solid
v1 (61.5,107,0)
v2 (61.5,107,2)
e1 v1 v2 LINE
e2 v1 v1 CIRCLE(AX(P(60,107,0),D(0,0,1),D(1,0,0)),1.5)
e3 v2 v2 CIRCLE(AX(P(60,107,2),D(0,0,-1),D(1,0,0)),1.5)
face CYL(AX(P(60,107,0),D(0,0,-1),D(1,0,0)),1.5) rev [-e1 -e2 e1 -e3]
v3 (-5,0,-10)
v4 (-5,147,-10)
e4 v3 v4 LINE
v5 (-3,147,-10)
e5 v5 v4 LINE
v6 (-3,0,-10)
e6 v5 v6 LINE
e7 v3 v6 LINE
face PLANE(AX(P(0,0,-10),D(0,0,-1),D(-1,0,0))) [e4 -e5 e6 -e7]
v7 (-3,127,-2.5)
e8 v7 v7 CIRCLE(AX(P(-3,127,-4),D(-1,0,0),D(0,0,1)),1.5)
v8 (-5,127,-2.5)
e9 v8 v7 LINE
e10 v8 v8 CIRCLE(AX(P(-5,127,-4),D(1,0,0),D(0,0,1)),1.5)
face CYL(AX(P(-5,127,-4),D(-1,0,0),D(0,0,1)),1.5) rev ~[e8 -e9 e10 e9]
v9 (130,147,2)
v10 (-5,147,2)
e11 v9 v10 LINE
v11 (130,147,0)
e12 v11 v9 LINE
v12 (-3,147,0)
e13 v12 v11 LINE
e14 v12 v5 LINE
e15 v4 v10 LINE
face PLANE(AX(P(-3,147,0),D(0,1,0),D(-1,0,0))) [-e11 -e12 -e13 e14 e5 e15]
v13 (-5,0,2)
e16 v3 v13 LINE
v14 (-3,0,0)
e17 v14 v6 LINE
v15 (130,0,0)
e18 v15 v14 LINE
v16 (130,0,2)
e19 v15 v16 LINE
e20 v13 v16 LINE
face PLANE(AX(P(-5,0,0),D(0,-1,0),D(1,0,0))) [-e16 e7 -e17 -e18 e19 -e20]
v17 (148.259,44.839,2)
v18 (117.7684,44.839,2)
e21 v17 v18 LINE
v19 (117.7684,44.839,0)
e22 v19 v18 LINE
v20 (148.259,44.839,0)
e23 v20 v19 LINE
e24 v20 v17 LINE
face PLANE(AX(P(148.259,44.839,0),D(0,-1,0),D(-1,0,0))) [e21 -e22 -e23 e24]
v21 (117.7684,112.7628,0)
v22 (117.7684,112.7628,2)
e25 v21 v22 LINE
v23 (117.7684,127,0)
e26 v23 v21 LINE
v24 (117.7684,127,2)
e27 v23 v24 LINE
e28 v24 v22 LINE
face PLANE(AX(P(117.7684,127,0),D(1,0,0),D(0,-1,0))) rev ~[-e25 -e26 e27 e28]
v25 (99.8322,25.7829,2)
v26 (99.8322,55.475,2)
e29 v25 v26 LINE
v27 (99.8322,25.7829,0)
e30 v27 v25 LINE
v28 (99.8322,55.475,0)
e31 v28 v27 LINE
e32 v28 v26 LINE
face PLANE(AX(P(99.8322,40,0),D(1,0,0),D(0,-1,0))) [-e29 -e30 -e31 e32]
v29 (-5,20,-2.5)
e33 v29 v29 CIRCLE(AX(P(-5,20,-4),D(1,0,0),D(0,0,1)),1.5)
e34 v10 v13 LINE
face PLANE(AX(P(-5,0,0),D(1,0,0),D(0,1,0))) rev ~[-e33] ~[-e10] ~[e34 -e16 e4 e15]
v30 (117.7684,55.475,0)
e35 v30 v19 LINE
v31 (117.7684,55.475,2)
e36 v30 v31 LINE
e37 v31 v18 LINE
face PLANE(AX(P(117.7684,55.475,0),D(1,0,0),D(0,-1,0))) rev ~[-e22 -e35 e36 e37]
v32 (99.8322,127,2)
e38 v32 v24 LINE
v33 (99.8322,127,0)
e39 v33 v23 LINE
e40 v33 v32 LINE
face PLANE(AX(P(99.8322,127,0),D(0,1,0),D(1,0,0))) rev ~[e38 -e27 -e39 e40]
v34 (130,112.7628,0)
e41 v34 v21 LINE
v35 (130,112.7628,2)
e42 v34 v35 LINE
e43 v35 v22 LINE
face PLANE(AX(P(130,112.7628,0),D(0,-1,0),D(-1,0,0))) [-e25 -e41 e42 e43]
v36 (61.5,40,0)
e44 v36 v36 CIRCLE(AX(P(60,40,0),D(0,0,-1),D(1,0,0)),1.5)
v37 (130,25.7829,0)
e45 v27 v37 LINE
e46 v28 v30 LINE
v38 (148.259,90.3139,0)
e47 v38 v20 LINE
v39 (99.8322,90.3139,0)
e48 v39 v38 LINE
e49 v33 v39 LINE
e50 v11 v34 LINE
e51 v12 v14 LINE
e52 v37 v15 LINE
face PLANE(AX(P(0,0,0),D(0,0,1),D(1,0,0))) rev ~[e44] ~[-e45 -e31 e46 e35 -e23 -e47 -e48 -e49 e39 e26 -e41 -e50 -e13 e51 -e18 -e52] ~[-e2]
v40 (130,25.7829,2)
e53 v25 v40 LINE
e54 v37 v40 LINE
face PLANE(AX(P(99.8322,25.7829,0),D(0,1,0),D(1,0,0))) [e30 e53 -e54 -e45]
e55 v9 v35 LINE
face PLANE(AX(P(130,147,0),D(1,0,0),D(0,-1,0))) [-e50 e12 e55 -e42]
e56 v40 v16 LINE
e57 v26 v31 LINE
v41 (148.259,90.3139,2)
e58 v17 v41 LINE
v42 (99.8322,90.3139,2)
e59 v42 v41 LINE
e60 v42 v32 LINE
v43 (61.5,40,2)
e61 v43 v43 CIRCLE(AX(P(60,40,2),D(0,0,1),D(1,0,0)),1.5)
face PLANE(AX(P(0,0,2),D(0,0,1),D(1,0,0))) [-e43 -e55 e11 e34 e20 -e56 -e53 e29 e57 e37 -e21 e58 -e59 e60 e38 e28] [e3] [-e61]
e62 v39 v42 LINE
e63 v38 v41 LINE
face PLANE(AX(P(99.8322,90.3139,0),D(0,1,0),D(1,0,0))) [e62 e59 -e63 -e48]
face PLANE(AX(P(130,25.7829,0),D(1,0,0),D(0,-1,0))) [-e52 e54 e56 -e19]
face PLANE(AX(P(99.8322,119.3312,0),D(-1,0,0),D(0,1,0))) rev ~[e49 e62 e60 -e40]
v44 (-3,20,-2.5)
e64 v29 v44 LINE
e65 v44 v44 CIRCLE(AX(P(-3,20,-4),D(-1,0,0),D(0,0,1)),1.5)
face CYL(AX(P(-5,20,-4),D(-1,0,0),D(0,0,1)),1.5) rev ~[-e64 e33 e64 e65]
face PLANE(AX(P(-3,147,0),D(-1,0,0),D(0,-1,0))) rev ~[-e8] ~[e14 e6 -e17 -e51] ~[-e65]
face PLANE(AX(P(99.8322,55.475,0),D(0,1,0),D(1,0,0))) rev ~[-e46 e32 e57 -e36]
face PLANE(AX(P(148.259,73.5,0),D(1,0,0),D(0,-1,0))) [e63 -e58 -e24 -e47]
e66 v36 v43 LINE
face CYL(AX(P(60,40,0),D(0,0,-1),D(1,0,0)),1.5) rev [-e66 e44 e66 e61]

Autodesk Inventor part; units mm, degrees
ref_plane "YZ Plane" through (0, 0, 0) normal (1, 0, 0) x (0, 1, 0)
ref_plane "XZ Plane" through (0, 0, 0) normal (0, 1, 0) x (-1, 0, 0)
ref_plane "XY Plane" through (0, 0, 0) normal (0, 0, 1) x (1, 0, 0)
sketch "Sketch1" plane through (0, 0, 0) normal (0, 0, 1) x (1, 0, 0)
  line L0 (0, 0) -> (260, 0)
  line L1 (260, 0) -> (260, 125)
  line L2 (220, 147) -> (0, 147)
  line L3 (0, 147) -> (0, 0)
  circle A0 centre (240, 135) radius 8
  circle A1 centre (240, 135) radius 10
  line L4 (250, 135) -> (250.202, 135)
  line L5 (230, 135) -> (230, 137)
  arc A2 (230, 137) -> (220, 147) centre (220, 137) ccw
  line L6 (260, 147) -> (260, 147)
  line L7 (250, 135) -> (250, 137)
  line L8 (240, 125) -> (260, 125)
  line L9 (0, 73.5) -> (260, 73.5)
  line L10 (130, 112.7628) -> (117.7684, 112.7628)
  line L11 (99.8322, 119.3312) -> (99.8322, 90.3139)
  line L12 (99.8322, 90.3139) -> (148.259, 90.3139)
  line L13 (148.259, 90.3139) -> (148.259, 44.839)
  line L14 (148.259, 44.839) -> (117.7684, 44.839)
  line L15 (99.8322, 44.839) -> (99.8322, 25.7829)
  line L16 (99.8322, 25.7829) -> (130, 25.7829)
  line L17 (99.8322, 119.3312) -> (99.8322, 127)
  line L18 (99.8322, 127) -> (117.7684, 127)
  line L19 (117.7684, 127) -> (117.7684, 112.7628)
  line L20 (99.8322, 44.839) -> (99.8322, 55.475)
  line L21 (99.8322, 55.475) -> (117.7684, 55.475)
  line L22 (117.7684, 55.475) -> (117.7684, 44.839)
  line L23 (130, 147) -> (130, 112.7628)
  line L24 (130, 25.7829) -> (130, 0)
  line L25 (60, 107) -> (200, 107)
  line L26 (200, 107) -> (200, 40)
  line L27 (200, 40) -> (60, 40)
  line L28 (60, 40) -> (60, 107)
  circle A3 centre (60, 107) radius 1.5
  circle A4 centre (200, 107) radius 1.5
  circle A5 centre (200, 40) radius 1.5
  circle A6 centre (60, 40) radius 1.5
  circle A7 centre (130, 107) radius 1.5
  circle A8 centre (130, 40) radius 1.5
  line L29 (260, 125) -> (265, 125)
  line L30 (265, 0) -> (260, 0)
  line L31 (260, 0) -> (260, 125)
  line L32 (265, 0) -> (263, 0)
  line L33 (0, 147) -> (-3, 147)
  line L34 (-3, 147) -> (-3, 0)
  line L35 (-3, 0) -> (0, 0)
  line L36 (0, 0) -> (0, 147)
  line L37 (-3, 147) -> (-5, 147)
  line L38 (-5, 147) -> (-5, 0)
  line L39 (-5, 0) -> (-3, 0)
  line L40 (-3, 0) -> (-3, 147)
  point P0 (260, 67.5)
  point P1 (263, 125)
  point P2 (200, 73.5)
  point P3 (148.259, 73.5)
  point P4 (99.8322, 107)
  point P5 (128.5, 107)
  point P6 (131.5, 107)
  point P7 (198.5, 107)
  point P8 (200, 105.5)
  point P9 (60, 73.5)
  point P10 (99.8322, 40)
  dimension "d2" = 16
  dimension "d3" = 20
  dimension "d4" = 135
  dimension "d5" = 2
  dimension "d6" = 260
  dimension "d7" = 147
  dimension "d8" = 10
  dimension "d11" = 22
  dimension "d16" = 40
  dimension "d17" = 40
  dimension "d18" = 60
  dimension "d19" = 60
  dimension "d20" = 3
  dimension "d21" = 3
  dimension "d22" = 3
  dimension "d23" = 3
  dimension "d24" = 140
  dimension "d25" = 67
  dimension "d26" = 3
  dimension "d27" = 3
  dimension "d28" = 70
  dimension "d29" = 70
  dimension "d30" = 5
  dimension "d31" = 2
  dimension "d41" = 3
  dimension "d42" = 2
extrude "Extrusion1" add sketch "Sketch1" along normal blind 2 contours L3 L9 L28 A6 L27 L15 L16 L24 L0 | L35 L34 L33 L3 | L3 L2 L23 L10 L19 L18 L17 L11 L25 A3 L28 L9 | L39 L38 L37 L34 | L28 A3 L25 L11 L12 L13 L9 | L9 L13 L14 L22 L21 L20 L15 L27 A6 L28
sketch "Sketch4" plane through (0, 0, 0) normal (0, 0, -1) x (-1, 0, 0)
  line L0 (-130, 147) -> (5, 147) projected
  line L1 (5, 0) -> (-130, 0) projected
  line L2 (5, 147) -> (3, 147)
  line L3 (3, 147) -> (3, 0)
  line L4 (3, 0) -> (5, 0)
  line L5 (5, 0) -> (5, 147)
  point P0 (0, 0)
  dimension "d43" = 2
extrude "Extrusion4" add sketch "Sketch4" along normal blind 10
sketch "Sketch5" plane through (-5, 0, 2) normal (-1, 0, 0) x (0, 0, 1)
  line L0 (-12, 147) -> (-12, 0) projected
  line L1 (-2, 0) -> (-12, 0) projected
  line L2 (-12, 147) -> (-6, 147)
  line L3 (-6, 147) -> (-6, 0)
  line L4 (-6, 0) -> (-12, 0)
  line L5 (-12, 0) -> (-12, 147)
  circle A0 centre (-6, 127) radius 1.5
  circle A1 centre (-6, 20) radius 1.5
  line L6 (-12, 147) -> (0, 147) projected
  line L7 (-12, 0) -> (0, 0) projected
  point P0 (-6, 147)
  point P1 (-6, 0)
  dimension "d46" = 6
  dimension "d47" = 3
  dimension "d48" = 3
  dimension "d49" = 20
  dimension "d50" = 20
extrude "Extrusion5" cut sketch "Sketch5" against normal blind 10 contours A0 L3 | L3 A0 | A1 L3 | L3 A1
properties part number "Coffee_Machine_Base"
